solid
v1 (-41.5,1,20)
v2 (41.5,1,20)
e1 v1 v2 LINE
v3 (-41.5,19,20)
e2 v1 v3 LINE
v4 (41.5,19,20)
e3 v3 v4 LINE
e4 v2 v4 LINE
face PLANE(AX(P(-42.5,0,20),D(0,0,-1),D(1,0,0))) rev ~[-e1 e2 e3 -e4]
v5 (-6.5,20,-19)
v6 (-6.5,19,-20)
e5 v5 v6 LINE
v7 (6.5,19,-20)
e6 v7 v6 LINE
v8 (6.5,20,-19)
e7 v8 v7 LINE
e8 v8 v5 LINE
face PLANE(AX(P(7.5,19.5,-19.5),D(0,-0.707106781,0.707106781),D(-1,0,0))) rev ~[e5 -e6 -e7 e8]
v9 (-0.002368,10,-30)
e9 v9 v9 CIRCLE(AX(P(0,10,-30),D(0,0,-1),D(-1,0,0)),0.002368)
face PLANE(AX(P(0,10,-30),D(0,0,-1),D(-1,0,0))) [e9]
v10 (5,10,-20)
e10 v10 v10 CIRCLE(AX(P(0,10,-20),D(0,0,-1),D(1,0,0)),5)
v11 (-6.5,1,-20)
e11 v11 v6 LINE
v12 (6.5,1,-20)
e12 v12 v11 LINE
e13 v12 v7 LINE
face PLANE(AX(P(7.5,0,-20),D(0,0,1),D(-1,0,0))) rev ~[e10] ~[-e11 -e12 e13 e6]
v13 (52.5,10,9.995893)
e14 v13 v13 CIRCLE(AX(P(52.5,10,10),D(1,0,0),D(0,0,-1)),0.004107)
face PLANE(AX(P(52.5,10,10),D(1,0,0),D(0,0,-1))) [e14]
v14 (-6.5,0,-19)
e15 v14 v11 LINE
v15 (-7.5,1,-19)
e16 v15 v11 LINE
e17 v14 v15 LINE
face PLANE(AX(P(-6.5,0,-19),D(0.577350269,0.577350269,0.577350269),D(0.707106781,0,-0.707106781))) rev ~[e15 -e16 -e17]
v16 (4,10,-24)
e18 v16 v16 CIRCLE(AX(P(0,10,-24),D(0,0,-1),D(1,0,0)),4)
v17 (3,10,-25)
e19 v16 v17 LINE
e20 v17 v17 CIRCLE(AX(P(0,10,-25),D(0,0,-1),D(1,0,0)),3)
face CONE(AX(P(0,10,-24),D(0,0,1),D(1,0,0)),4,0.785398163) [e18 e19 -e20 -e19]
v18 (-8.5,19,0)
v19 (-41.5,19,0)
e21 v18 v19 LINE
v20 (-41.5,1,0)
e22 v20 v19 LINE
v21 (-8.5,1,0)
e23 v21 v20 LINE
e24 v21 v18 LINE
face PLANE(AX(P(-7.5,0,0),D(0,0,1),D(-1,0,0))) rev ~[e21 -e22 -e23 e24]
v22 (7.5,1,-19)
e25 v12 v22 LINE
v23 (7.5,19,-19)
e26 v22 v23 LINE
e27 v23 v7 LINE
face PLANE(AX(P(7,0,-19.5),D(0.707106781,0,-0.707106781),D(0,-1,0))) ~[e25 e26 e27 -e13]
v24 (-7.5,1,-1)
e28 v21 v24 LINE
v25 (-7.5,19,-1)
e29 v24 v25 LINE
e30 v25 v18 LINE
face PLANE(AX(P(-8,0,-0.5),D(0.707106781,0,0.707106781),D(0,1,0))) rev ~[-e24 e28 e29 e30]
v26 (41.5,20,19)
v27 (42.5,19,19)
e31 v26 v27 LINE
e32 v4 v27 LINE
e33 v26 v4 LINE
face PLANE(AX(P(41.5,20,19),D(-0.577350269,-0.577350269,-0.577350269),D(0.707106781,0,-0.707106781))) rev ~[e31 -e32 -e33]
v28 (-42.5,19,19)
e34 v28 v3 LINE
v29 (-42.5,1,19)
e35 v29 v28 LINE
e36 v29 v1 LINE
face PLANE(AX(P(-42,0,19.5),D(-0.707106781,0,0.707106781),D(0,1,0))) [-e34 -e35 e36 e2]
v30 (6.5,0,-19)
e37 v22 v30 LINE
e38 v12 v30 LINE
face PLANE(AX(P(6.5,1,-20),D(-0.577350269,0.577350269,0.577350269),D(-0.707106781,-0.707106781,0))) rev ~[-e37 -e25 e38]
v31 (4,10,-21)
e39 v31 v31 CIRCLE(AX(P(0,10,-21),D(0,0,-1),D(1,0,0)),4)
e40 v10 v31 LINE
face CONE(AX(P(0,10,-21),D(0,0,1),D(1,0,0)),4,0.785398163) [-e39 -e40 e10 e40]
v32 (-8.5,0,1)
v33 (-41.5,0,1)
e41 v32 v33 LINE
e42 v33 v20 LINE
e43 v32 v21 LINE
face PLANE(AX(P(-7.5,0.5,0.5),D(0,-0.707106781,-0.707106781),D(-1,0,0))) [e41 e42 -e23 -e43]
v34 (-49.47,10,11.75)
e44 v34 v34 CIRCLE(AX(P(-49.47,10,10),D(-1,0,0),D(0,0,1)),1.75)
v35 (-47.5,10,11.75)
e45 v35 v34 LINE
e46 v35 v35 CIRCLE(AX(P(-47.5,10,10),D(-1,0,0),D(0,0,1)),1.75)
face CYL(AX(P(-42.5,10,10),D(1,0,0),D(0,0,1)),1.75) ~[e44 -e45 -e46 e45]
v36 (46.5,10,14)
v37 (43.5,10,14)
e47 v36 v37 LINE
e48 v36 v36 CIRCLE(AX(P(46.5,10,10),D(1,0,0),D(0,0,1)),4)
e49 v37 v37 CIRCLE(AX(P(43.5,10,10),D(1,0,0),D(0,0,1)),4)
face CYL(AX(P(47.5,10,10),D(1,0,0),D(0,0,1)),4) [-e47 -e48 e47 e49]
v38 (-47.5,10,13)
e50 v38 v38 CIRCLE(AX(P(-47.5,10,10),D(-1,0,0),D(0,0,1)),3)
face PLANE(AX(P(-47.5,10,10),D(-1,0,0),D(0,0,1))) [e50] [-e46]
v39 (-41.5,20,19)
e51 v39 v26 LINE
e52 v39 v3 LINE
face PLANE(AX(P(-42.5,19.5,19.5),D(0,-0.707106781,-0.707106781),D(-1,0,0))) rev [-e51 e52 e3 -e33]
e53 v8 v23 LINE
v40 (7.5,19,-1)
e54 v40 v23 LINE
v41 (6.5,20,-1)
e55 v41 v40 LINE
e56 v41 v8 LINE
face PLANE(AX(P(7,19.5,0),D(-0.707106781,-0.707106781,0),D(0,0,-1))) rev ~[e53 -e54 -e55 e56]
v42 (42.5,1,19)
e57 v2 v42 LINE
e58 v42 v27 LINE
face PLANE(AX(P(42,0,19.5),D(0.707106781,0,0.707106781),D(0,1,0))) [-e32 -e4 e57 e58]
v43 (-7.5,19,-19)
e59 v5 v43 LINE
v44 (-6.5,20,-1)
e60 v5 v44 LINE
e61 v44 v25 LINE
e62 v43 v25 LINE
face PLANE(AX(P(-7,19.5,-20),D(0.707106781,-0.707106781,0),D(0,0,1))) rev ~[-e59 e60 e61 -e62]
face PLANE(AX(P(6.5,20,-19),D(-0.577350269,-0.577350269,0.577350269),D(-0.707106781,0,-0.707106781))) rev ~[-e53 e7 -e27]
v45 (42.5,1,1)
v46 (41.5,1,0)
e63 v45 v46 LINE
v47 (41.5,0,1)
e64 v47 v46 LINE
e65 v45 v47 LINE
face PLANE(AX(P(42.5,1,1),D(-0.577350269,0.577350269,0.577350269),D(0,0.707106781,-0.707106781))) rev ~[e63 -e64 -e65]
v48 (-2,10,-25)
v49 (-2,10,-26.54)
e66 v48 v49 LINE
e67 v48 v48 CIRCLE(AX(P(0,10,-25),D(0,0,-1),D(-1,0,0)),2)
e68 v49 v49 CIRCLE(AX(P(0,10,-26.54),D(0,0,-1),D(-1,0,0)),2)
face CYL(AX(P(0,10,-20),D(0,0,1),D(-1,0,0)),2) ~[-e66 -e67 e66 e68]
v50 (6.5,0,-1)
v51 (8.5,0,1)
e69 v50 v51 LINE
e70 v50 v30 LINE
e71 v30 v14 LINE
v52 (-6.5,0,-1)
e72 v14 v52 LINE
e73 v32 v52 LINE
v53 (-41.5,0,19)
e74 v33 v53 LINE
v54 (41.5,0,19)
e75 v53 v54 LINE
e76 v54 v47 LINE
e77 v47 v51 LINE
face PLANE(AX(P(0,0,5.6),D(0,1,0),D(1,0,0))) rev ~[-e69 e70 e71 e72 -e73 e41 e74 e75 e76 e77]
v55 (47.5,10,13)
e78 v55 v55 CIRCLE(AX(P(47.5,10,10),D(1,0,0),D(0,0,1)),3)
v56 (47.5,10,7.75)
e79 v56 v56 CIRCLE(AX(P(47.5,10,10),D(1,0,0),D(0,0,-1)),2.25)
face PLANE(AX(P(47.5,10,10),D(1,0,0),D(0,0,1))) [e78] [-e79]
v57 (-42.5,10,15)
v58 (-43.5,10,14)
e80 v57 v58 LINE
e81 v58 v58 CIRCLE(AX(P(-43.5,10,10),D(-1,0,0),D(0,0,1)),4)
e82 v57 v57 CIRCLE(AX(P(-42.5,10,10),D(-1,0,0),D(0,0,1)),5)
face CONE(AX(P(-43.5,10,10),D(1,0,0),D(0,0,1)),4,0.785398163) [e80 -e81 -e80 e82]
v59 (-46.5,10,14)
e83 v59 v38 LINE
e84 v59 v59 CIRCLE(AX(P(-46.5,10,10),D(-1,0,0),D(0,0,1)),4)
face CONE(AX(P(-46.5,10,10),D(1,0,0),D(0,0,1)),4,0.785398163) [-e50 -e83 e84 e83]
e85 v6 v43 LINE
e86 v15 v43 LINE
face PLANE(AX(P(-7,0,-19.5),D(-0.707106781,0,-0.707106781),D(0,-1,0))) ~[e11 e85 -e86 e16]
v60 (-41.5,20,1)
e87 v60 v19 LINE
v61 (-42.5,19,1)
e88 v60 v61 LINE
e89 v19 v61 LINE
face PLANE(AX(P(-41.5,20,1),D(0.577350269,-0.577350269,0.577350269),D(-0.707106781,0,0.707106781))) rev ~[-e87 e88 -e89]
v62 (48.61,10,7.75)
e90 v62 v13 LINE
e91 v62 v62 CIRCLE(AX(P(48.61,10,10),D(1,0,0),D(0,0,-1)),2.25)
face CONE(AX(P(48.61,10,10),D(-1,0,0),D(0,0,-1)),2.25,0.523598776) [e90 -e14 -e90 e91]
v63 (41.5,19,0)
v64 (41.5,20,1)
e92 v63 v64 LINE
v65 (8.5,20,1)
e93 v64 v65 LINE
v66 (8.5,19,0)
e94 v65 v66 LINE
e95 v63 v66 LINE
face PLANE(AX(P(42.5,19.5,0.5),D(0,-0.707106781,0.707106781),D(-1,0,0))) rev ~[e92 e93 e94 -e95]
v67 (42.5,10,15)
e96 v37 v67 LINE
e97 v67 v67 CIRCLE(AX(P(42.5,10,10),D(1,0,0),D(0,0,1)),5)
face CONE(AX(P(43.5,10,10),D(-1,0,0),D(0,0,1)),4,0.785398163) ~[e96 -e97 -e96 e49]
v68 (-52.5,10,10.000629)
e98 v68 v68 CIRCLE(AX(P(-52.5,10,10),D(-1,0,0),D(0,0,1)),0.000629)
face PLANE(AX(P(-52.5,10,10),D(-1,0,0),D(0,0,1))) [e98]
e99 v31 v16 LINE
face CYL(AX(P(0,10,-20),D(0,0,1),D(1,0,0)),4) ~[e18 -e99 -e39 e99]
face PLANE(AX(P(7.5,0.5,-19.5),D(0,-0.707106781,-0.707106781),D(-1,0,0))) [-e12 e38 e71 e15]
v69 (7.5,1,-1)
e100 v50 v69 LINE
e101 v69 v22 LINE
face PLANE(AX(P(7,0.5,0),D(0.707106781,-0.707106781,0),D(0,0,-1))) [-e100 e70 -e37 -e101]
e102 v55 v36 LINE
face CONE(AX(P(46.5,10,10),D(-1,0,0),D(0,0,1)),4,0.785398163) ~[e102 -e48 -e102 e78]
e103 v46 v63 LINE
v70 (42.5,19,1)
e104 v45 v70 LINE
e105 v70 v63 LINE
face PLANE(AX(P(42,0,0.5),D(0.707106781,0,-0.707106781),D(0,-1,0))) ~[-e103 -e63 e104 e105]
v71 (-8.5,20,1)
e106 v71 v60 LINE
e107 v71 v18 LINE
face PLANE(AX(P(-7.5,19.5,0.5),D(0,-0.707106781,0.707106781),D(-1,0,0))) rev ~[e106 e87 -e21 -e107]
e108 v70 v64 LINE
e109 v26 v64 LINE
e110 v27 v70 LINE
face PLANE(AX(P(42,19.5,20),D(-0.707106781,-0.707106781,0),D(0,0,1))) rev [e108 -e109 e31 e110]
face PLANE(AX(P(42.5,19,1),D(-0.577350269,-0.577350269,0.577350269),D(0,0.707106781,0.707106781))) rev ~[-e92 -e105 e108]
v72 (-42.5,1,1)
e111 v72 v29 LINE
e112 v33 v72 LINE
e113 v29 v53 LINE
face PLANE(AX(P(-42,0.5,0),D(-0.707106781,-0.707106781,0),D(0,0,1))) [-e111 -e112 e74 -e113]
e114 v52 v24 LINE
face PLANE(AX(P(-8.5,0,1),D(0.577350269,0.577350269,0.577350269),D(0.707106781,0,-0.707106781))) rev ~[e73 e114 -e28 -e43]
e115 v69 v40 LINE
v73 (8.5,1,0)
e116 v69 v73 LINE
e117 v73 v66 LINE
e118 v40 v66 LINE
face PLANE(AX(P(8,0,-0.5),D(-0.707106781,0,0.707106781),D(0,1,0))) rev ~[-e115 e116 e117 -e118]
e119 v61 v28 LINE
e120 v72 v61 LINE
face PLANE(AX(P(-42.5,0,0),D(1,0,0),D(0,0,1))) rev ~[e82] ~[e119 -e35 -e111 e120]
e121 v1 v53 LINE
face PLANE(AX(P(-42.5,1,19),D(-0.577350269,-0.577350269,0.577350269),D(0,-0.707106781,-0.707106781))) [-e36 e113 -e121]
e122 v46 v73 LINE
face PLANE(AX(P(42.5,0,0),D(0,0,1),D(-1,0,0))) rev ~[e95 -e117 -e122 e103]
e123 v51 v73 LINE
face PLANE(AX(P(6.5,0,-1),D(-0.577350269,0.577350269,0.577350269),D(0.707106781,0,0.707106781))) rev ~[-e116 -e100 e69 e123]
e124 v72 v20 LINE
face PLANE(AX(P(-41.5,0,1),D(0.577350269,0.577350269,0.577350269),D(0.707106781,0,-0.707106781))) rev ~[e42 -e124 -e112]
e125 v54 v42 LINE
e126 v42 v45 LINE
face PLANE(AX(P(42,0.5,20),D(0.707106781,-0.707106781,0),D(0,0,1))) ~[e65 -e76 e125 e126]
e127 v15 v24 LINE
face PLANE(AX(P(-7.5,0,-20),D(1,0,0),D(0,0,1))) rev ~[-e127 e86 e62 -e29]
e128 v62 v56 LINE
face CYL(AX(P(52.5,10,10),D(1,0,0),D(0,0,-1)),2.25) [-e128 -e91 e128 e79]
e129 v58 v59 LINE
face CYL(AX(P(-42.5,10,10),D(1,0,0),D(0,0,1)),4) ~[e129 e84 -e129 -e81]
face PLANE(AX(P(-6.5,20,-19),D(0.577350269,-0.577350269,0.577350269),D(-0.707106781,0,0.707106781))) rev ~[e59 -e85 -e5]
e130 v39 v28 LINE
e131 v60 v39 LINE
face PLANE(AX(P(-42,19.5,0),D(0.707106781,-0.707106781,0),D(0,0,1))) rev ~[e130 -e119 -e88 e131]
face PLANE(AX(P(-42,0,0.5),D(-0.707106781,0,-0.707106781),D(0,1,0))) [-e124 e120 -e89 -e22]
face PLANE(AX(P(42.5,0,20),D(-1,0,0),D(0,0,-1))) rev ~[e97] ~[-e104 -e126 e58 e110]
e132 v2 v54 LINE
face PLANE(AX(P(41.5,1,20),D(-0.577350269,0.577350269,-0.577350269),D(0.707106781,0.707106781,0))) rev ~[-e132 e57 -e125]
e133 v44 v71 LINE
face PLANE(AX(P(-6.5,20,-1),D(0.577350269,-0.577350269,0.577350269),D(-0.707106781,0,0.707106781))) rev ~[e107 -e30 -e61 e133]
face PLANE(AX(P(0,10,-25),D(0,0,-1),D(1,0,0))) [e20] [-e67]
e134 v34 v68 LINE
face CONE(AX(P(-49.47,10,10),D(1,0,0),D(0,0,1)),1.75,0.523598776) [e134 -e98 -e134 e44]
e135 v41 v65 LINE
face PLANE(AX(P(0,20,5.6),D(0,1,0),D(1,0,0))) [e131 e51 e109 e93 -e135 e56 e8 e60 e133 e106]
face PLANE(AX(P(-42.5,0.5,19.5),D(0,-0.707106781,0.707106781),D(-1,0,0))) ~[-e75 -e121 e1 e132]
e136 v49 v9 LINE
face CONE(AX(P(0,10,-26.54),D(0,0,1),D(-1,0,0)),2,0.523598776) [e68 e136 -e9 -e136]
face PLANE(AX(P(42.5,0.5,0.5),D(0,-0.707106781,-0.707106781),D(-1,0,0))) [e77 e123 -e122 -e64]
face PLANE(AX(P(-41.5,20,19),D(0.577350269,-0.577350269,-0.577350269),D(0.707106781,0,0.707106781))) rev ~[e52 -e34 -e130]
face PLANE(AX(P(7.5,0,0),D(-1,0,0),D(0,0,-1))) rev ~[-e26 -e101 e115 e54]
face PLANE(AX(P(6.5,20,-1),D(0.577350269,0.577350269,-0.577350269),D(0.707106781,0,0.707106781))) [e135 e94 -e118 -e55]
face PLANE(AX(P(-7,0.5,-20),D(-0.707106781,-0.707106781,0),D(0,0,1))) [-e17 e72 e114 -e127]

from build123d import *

# Parameters (mm, degrees)
BOSS_EXTRUDE1_DEPTH = 20
SKETCH2_R           = 4
SKETCH2_R_2         = 2
BOSS_EXTRUDE2_DEPTH = 5
SKETCH2_4_R         = 2
BOSS_EXTRUDE3_DEPTH = 10
SKETCH3_R           = 4
SKETCH3_R_2         = 1.75
BOSS_EXTRUDE4_DEPTH = 5
SKETCH3_2_R         = 1.75
BOSS_EXTRUDE5_DEPTH = 10
BOSS_EXTRUDE6_START = 5
SKETCH4_R           = 4
SKETCH4_R_2         = 2.25
BOSS_EXTRUDE6_DEPTH = 5
BOSS_EXTRUDE7_START = 10
SKETCH4_2_R         = 2.25
BOSS_EXTRUDE7_DEPTH = 10
CHAMFER1_SIZE       = 3.03
CHAMFER1_SIZE2      = 1.749371316
CHAMFER2_SIZE       = 3.46
CHAMFER2_SIZE2      = 1.997631931
CHAMFER3_SIZE       = 3.89
CHAMFER3_SIZE2      = 2.245892547
CHAMFER4_SIZE       = 1


with BuildPart() as part:
    # Sketch1 → Boss-Extrude1 (new body)
    with BuildSketch(Plane(origin=(0, 0, 0), x_dir=(1, 0, 0), z_dir=(0, 1, 0))):
        Polygon((-42.5, 0), (-42.5, -20), (42.5, -20), (42.5, 0), (7.5, 0), (7.5, 20), (-7.5, 20), (-7.5, 0), align=None)
    extrude(amount=BOSS_EXTRUDE1_DEPTH)

    # Sketch2 → Boss-Extrude2 (add)
    with BuildSketch(Plane(origin=(0, 0, -20), x_dir=(-1, 0, 0), z_dir=(0, 0, -1))):
        with Locations((0, 10)):
            Circle(SKETCH2_R)
        with Locations((0, 10)):
            Circle(SKETCH2_R_2, mode=Mode.SUBTRACT)
    extrude(amount=BOSS_EXTRUDE2_DEPTH)

    # Sketch2<4> → Boss-Extrude3 (add)
    with BuildSketch(Plane(origin=(0, 0, -20), x_dir=(-1, 0, 0), z_dir=(0, 0, -1))):
        with Locations((0, 10)):
            Circle(SKETCH2_4_R)
    extrude(amount=BOSS_EXTRUDE3_DEPTH)

    # Sketch3 → Boss-Extrude4 (add)
    with BuildSketch(Plane.ZY.offset(42.5)):
        with Locations((10, 10)):
            Circle(SKETCH3_R)
        with Locations((10, 10)):
            Circle(SKETCH3_R_2, mode=Mode.SUBTRACT)
    extrude(amount=BOSS_EXTRUDE4_DEPTH)

    # Sketch3<2> → Boss-Extrude5 (add)
    with BuildSketch(Plane.ZY.offset(42.5)):
        with Locations((10, 10)):
            Circle(SKETCH3_2_R)
    extrude(amount=BOSS_EXTRUDE5_DEPTH)

    # Sketch4 → Boss-Extrude6 (add)
    with BuildSketch(Plane(origin=(42.5, 0, 0), x_dir=(0, 0, -1), z_dir=(1, 0, 0)).offset(BOSS_EXTRUDE6_START)):
        with Locations((-10, 10)):
            Circle(SKETCH4_R)
        with Locations((-10, 10)):
            Circle(SKETCH4_R_2, mode=Mode.SUBTRACT)
    extrude(amount=-BOSS_EXTRUDE6_DEPTH)

    # Sketch4<2> → Boss-Extrude7 (add)
    with BuildSketch(Plane(origin=(42.5, 0, 0), x_dir=(0, 0, -1), z_dir=(1, 0, 0)).offset(BOSS_EXTRUDE7_START)):
        with Locations((-10, 10)):
            Circle(SKETCH4_2_R)
    extrude(amount=-BOSS_EXTRUDE7_DEPTH)

    # Chamfer1
    chamfer1_edges = [part.edges().sort_by_distance(p)[0] for p in [
        (-52.5, 10, 8.25),
    ]]
    chamfer1_side = [part.faces().sort_by_distance(p)[0] for p in [
        (-50, 10, 8.25),
    ]]
    chamfer(chamfer1_edges, length=CHAMFER1_SIZE, length2=CHAMFER1_SIZE2, reference=chamfer1_side[0])

    # Chamfer2
    chamfer2_edges = [part.edges().sort_by_distance(p)[0] for p in [
        (2, 10, -30),
    ]]
    chamfer2_side = [part.faces().sort_by_distance(p)[0] for p in [
        (2, 10, -27.5),
    ]]
    chamfer(chamfer2_edges, length=CHAMFER2_SIZE, length2=CHAMFER2_SIZE2, reference=chamfer2_side[0])

    # Chamfer3
    chamfer3_edges = [part.edges().sort_by_distance(p)[0] for p in [
        (52.5, 10, 12.25),
    ]]
    chamfer3_side = [part.faces().sort_by_distance(p)[0] for p in [
        (50, 10, 12.25),
    ]]
    chamfer(chamfer3_edges, length=CHAMFER3_SIZE, length2=CHAMFER3_SIZE2, reference=chamfer3_side[0])

    # Chamfer4
    chamfer4_edges = [part.edges().sort_by_distance(p)[0] for p in [
        (42.5, 10, 14),
        (47.5, 10, 14),
        (4, 10, -20),
        (4, 10, -25),
        (-42.5, 10, 6),
        (-47.5, 10, 6),
        (-42.5, 10, 20),
        (42.5, 10, 20),
        (7.5, 10, -20),
        (42.5, 10, 0),
        (7.5, 10, 0),
        (42.5, 0, 10),
        (25, 0, 0),
        (7.5, 0, -10),
        (0, 0, -20),
        (0, 0, 20),
        (-42.5, 0, 10),
        (-7.5, 10, -20),
        (-7.5, 0, -10),
        (-7.5, 10, 0),
        (-25, 0, 0),
        (-42.5, 10, 0),
        (-42.5, 20, 10),
        (-25, 20, 0),
        (-7.5, 20, -10),
        (0, 20, -20),
        (7.5, 20, -10),
        (25, 20, 0),
        (42.5, 20, 10),
        (0, 20, 20),
    ]]
    chamfer(chamfer4_edges, length=CHAMFER4_SIZE)


solid = part.part
